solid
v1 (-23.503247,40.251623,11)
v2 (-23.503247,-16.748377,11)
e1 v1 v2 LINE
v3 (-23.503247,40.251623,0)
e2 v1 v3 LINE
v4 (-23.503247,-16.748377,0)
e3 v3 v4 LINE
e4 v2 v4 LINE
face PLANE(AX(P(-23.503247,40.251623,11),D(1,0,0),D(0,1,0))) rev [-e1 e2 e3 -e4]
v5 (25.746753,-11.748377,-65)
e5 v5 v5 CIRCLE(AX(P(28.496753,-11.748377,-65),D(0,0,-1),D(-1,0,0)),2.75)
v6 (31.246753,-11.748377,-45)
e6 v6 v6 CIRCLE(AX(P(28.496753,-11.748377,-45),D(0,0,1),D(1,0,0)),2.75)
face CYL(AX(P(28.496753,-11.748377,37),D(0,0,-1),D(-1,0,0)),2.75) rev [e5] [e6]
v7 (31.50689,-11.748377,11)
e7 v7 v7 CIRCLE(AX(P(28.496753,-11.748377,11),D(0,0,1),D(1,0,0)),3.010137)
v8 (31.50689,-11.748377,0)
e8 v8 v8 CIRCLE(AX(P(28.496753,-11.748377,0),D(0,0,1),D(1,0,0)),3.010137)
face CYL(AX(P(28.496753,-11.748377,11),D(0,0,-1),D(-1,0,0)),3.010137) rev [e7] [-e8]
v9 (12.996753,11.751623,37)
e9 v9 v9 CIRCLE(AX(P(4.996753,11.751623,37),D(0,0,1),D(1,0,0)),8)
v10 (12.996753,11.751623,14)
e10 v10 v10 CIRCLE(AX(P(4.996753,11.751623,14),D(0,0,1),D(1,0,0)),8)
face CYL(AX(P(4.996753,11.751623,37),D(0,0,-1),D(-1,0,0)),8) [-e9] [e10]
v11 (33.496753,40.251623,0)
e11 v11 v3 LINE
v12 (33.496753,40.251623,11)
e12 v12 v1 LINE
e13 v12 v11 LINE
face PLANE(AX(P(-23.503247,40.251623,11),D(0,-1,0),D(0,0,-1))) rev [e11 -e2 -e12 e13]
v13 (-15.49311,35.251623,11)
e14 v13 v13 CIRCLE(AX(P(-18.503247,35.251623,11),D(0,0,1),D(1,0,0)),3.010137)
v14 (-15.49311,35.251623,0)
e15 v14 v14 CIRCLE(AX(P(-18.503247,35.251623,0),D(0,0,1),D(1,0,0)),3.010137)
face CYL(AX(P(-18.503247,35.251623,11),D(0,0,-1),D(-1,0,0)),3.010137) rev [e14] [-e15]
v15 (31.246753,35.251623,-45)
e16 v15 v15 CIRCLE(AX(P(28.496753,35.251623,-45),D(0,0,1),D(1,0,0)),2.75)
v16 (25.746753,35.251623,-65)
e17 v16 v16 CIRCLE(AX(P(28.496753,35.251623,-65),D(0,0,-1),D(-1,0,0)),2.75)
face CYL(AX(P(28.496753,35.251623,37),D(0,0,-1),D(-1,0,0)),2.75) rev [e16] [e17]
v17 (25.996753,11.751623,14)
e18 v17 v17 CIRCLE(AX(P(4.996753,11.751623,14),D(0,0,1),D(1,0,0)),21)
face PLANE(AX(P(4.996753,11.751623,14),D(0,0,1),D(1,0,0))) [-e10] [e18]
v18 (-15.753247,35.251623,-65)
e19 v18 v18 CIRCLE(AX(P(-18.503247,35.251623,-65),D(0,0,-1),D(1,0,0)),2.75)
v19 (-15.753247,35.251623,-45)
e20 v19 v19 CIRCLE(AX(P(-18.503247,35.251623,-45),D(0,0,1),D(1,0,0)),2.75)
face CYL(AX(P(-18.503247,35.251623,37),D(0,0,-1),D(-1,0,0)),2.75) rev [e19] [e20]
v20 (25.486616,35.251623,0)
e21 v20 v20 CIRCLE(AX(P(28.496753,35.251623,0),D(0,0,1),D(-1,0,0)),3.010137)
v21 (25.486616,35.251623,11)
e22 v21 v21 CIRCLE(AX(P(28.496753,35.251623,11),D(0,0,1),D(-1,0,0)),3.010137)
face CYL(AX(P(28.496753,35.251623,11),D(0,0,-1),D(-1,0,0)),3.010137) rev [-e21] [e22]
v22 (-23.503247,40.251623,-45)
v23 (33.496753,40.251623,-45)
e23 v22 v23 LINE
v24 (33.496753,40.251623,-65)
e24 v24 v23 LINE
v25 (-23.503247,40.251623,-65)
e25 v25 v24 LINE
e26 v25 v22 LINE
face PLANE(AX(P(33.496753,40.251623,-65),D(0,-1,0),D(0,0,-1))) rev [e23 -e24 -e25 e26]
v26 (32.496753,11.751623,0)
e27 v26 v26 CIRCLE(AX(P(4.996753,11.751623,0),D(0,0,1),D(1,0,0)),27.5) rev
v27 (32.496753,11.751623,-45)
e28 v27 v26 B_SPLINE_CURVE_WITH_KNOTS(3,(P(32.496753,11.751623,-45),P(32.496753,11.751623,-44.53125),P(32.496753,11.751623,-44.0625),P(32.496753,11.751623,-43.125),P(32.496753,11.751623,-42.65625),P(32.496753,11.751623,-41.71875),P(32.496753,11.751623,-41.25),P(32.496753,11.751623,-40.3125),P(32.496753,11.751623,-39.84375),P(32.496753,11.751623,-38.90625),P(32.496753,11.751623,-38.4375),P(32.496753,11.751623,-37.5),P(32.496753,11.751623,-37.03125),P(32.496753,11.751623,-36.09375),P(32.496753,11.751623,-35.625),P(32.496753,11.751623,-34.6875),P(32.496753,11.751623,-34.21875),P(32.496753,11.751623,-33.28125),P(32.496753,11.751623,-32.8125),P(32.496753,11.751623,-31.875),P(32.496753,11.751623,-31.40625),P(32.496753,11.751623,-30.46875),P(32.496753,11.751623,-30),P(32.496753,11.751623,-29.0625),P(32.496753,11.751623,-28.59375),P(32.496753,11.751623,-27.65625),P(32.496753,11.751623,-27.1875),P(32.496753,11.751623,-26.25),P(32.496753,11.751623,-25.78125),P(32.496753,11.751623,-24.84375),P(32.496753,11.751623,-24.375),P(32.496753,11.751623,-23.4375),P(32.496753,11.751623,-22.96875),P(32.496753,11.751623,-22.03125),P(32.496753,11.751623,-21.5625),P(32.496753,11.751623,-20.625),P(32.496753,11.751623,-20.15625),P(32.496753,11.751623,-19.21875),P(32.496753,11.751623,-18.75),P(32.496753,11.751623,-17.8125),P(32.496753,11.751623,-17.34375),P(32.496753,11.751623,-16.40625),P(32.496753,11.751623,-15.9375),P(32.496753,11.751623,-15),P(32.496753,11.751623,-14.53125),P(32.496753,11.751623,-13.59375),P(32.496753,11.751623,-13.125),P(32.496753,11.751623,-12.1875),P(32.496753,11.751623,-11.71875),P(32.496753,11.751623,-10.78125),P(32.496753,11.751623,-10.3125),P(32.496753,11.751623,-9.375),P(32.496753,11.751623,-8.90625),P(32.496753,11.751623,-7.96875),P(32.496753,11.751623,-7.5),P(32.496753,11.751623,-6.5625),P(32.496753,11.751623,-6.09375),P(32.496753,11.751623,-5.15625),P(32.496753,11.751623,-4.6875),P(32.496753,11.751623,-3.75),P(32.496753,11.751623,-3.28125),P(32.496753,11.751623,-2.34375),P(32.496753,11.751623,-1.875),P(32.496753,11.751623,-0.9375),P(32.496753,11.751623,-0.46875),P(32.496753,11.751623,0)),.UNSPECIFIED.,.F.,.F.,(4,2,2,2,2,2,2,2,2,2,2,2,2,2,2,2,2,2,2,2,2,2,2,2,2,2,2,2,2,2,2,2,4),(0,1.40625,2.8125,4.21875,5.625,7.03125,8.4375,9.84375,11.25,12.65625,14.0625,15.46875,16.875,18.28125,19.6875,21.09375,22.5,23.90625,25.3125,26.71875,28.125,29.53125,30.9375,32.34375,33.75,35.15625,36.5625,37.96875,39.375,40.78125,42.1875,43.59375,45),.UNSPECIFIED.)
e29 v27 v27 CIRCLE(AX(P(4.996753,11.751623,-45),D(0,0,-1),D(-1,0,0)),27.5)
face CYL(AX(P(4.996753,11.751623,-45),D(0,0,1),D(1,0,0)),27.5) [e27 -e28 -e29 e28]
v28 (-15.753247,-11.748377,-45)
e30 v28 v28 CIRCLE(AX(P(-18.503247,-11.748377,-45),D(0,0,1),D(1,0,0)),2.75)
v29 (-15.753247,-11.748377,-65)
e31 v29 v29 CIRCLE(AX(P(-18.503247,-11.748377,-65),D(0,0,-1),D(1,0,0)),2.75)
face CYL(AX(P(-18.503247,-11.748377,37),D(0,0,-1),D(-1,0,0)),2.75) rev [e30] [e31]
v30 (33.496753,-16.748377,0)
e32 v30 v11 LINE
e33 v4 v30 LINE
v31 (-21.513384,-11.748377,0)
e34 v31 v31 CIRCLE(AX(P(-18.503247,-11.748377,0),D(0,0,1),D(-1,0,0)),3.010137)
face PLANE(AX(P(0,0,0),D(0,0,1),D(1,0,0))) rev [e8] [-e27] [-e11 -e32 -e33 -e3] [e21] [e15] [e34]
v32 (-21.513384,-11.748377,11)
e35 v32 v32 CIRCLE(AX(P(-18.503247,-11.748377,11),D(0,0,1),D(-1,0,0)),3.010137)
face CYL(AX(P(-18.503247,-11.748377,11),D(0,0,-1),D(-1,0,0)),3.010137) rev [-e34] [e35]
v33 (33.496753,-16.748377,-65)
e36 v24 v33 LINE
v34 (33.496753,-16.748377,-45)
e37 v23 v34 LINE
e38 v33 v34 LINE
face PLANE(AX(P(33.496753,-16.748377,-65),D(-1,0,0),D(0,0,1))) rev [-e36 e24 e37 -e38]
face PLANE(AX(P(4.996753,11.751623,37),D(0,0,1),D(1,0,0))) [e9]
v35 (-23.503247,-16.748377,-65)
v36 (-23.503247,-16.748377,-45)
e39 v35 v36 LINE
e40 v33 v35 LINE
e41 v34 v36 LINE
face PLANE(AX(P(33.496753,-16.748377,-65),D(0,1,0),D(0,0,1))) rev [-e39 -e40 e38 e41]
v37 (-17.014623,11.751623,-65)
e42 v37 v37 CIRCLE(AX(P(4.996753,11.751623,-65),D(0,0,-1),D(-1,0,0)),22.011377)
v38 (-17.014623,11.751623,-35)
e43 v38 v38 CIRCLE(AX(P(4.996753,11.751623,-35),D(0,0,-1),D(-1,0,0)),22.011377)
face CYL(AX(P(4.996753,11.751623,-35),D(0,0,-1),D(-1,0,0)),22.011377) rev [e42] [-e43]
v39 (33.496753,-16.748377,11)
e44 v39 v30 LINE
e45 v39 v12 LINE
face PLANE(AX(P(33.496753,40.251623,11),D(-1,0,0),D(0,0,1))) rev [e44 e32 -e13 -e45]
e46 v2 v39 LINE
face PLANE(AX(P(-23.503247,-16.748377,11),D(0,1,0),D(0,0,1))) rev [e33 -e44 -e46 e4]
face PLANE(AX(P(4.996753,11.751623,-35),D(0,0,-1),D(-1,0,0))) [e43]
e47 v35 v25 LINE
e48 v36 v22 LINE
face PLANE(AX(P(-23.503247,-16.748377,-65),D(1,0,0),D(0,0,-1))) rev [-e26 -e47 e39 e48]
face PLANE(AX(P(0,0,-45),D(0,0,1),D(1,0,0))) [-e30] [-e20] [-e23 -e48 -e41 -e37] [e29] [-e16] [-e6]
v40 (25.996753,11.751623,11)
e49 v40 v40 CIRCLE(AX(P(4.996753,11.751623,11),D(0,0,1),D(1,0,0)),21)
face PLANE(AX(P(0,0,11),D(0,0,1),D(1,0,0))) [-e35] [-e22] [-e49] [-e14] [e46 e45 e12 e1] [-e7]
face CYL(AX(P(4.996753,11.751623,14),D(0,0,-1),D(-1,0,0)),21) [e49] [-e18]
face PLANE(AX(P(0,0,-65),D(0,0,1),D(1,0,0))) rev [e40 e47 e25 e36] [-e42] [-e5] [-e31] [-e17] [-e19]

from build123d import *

# Parameters (mm, degrees)
SKETCH_1_W          = 57
SKETCH_1_H          = 57
SKETCH_1_R          = 3.010136902
EXTRUDE_1_DEPTH     = 11
SKETCH_2_R          = 21
EXTRUDE_2_DEPTH     = 3
SKETCH_3_R          = 8
EXTRUDE_3_DEPTH     = 23
SKETCH_4_R          = 27.5
EXTRUDE_4_DEPTH     = 45
SKETCH_5_W          = 57
SKETCH_5_H          = 57
EXTRUDE_5_DEPTH     = 20
SKETCH_6_R          = 2.75
CUT_EXTRUDE_1_DEPTH = 115.656991337
SKETCH_7_R          = 22.011376544
CUT_EXTRUDE_2_DEPTH = 30


with BuildPart() as part:
    # 草图1 → 凸台-拉伸1 (new body)
    with BuildSketch(Plane.XY):
        with Locations((4.996753247, 11.751623377)):
            Rectangle(SKETCH_1_W, SKETCH_1_H)
        with Locations((-18.503246753, 35.251623377)):
            Circle(SKETCH_1_R, mode=Mode.SUBTRACT)
        with Locations(Location((28.496753247, 35.251623377, 0), (0, 0, 180))):
            Circle(SKETCH_1_R, mode=Mode.SUBTRACT)
        with Locations(Location((-18.503246753, -11.748376623, 0), (0, 0, 180))):
            Circle(SKETCH_1_R, mode=Mode.SUBTRACT)
        with Locations((28.496753247, -11.748376623)):
            Circle(SKETCH_1_R, mode=Mode.SUBTRACT)
    extrude(amount=EXTRUDE_1_DEPTH)

    # 草图2 → 凸台-拉伸2 (add)
    with BuildSketch(Plane.XY.offset(11)):
        with Locations((4.996753247, 11.751623377)):
            Circle(SKETCH_2_R)
    extrude(amount=EXTRUDE_2_DEPTH)

    # 草图3 → 凸台-拉伸3 (add)
    with BuildSketch(Plane.XY.offset(14)):
        with Locations((4.996753247, 11.751623377)):
            Circle(SKETCH_3_R)
    extrude(amount=EXTRUDE_3_DEPTH)

    # 草图4 → 凸台-拉伸4 (add)
    with BuildSketch(Plane(origin=(0, 0, 0), x_dir=(-1, 0, 0), z_dir=(0, 0, -1))):
        with Locations(Location((-4.996753247, 11.751623377, 0), (0, 0, 180))):
            Circle(SKETCH_4_R)
    extrude(amount=EXTRUDE_4_DEPTH)

    # 草图5 → 凸台-拉伸5 (add)
    with BuildSketch(Plane(origin=(0, 0, -45), x_dir=(-1, 0, 0), z_dir=(0, 0, -1))):
        with Locations((-4.996753247, 11.751623377)):
            Rectangle(SKETCH_5_W, SKETCH_5_H)
    extrude(amount=EXTRUDE_5_DEPTH)

    # 草图6 → 切除-拉伸1 (cut, through all)
    with BuildSketch(Plane(origin=(0, 0, -65), x_dir=(-1, 0, 0), z_dir=(0, 0, -1))):
        with Locations((-28.496753247, 35.251623377)):
            Circle(SKETCH_6_R)
        with Locations(Location((18.503246753, 35.251623377, 0), (0, 0, 180))):
            Circle(SKETCH_6_R)
        with Locations(Location((18.503246753, -11.748376623, 0), (0, 0, 180))):
            Circle(SKETCH_6_R)
        with Locations((-28.496753247, -11.748376623)):
            Circle(SKETCH_6_R)
    extrude(amount=-CUT_EXTRUDE_1_DEPTH, mode=Mode.SUBTRACT)

    # 草图7 → 切除-拉伸2 (cut)
    with BuildSketch(Plane(origin=(0, 0, -65), x_dir=(-1, 0, 0), z_dir=(0, 0, -1))):
        with Locations((-4.996753247, 11.751623377)):
            Circle(SKETCH_7_R)
    extrude(amount=-CUT_EXTRUDE_2_DEPTH, mode=Mode.SUBTRACT)


solid = part.part
